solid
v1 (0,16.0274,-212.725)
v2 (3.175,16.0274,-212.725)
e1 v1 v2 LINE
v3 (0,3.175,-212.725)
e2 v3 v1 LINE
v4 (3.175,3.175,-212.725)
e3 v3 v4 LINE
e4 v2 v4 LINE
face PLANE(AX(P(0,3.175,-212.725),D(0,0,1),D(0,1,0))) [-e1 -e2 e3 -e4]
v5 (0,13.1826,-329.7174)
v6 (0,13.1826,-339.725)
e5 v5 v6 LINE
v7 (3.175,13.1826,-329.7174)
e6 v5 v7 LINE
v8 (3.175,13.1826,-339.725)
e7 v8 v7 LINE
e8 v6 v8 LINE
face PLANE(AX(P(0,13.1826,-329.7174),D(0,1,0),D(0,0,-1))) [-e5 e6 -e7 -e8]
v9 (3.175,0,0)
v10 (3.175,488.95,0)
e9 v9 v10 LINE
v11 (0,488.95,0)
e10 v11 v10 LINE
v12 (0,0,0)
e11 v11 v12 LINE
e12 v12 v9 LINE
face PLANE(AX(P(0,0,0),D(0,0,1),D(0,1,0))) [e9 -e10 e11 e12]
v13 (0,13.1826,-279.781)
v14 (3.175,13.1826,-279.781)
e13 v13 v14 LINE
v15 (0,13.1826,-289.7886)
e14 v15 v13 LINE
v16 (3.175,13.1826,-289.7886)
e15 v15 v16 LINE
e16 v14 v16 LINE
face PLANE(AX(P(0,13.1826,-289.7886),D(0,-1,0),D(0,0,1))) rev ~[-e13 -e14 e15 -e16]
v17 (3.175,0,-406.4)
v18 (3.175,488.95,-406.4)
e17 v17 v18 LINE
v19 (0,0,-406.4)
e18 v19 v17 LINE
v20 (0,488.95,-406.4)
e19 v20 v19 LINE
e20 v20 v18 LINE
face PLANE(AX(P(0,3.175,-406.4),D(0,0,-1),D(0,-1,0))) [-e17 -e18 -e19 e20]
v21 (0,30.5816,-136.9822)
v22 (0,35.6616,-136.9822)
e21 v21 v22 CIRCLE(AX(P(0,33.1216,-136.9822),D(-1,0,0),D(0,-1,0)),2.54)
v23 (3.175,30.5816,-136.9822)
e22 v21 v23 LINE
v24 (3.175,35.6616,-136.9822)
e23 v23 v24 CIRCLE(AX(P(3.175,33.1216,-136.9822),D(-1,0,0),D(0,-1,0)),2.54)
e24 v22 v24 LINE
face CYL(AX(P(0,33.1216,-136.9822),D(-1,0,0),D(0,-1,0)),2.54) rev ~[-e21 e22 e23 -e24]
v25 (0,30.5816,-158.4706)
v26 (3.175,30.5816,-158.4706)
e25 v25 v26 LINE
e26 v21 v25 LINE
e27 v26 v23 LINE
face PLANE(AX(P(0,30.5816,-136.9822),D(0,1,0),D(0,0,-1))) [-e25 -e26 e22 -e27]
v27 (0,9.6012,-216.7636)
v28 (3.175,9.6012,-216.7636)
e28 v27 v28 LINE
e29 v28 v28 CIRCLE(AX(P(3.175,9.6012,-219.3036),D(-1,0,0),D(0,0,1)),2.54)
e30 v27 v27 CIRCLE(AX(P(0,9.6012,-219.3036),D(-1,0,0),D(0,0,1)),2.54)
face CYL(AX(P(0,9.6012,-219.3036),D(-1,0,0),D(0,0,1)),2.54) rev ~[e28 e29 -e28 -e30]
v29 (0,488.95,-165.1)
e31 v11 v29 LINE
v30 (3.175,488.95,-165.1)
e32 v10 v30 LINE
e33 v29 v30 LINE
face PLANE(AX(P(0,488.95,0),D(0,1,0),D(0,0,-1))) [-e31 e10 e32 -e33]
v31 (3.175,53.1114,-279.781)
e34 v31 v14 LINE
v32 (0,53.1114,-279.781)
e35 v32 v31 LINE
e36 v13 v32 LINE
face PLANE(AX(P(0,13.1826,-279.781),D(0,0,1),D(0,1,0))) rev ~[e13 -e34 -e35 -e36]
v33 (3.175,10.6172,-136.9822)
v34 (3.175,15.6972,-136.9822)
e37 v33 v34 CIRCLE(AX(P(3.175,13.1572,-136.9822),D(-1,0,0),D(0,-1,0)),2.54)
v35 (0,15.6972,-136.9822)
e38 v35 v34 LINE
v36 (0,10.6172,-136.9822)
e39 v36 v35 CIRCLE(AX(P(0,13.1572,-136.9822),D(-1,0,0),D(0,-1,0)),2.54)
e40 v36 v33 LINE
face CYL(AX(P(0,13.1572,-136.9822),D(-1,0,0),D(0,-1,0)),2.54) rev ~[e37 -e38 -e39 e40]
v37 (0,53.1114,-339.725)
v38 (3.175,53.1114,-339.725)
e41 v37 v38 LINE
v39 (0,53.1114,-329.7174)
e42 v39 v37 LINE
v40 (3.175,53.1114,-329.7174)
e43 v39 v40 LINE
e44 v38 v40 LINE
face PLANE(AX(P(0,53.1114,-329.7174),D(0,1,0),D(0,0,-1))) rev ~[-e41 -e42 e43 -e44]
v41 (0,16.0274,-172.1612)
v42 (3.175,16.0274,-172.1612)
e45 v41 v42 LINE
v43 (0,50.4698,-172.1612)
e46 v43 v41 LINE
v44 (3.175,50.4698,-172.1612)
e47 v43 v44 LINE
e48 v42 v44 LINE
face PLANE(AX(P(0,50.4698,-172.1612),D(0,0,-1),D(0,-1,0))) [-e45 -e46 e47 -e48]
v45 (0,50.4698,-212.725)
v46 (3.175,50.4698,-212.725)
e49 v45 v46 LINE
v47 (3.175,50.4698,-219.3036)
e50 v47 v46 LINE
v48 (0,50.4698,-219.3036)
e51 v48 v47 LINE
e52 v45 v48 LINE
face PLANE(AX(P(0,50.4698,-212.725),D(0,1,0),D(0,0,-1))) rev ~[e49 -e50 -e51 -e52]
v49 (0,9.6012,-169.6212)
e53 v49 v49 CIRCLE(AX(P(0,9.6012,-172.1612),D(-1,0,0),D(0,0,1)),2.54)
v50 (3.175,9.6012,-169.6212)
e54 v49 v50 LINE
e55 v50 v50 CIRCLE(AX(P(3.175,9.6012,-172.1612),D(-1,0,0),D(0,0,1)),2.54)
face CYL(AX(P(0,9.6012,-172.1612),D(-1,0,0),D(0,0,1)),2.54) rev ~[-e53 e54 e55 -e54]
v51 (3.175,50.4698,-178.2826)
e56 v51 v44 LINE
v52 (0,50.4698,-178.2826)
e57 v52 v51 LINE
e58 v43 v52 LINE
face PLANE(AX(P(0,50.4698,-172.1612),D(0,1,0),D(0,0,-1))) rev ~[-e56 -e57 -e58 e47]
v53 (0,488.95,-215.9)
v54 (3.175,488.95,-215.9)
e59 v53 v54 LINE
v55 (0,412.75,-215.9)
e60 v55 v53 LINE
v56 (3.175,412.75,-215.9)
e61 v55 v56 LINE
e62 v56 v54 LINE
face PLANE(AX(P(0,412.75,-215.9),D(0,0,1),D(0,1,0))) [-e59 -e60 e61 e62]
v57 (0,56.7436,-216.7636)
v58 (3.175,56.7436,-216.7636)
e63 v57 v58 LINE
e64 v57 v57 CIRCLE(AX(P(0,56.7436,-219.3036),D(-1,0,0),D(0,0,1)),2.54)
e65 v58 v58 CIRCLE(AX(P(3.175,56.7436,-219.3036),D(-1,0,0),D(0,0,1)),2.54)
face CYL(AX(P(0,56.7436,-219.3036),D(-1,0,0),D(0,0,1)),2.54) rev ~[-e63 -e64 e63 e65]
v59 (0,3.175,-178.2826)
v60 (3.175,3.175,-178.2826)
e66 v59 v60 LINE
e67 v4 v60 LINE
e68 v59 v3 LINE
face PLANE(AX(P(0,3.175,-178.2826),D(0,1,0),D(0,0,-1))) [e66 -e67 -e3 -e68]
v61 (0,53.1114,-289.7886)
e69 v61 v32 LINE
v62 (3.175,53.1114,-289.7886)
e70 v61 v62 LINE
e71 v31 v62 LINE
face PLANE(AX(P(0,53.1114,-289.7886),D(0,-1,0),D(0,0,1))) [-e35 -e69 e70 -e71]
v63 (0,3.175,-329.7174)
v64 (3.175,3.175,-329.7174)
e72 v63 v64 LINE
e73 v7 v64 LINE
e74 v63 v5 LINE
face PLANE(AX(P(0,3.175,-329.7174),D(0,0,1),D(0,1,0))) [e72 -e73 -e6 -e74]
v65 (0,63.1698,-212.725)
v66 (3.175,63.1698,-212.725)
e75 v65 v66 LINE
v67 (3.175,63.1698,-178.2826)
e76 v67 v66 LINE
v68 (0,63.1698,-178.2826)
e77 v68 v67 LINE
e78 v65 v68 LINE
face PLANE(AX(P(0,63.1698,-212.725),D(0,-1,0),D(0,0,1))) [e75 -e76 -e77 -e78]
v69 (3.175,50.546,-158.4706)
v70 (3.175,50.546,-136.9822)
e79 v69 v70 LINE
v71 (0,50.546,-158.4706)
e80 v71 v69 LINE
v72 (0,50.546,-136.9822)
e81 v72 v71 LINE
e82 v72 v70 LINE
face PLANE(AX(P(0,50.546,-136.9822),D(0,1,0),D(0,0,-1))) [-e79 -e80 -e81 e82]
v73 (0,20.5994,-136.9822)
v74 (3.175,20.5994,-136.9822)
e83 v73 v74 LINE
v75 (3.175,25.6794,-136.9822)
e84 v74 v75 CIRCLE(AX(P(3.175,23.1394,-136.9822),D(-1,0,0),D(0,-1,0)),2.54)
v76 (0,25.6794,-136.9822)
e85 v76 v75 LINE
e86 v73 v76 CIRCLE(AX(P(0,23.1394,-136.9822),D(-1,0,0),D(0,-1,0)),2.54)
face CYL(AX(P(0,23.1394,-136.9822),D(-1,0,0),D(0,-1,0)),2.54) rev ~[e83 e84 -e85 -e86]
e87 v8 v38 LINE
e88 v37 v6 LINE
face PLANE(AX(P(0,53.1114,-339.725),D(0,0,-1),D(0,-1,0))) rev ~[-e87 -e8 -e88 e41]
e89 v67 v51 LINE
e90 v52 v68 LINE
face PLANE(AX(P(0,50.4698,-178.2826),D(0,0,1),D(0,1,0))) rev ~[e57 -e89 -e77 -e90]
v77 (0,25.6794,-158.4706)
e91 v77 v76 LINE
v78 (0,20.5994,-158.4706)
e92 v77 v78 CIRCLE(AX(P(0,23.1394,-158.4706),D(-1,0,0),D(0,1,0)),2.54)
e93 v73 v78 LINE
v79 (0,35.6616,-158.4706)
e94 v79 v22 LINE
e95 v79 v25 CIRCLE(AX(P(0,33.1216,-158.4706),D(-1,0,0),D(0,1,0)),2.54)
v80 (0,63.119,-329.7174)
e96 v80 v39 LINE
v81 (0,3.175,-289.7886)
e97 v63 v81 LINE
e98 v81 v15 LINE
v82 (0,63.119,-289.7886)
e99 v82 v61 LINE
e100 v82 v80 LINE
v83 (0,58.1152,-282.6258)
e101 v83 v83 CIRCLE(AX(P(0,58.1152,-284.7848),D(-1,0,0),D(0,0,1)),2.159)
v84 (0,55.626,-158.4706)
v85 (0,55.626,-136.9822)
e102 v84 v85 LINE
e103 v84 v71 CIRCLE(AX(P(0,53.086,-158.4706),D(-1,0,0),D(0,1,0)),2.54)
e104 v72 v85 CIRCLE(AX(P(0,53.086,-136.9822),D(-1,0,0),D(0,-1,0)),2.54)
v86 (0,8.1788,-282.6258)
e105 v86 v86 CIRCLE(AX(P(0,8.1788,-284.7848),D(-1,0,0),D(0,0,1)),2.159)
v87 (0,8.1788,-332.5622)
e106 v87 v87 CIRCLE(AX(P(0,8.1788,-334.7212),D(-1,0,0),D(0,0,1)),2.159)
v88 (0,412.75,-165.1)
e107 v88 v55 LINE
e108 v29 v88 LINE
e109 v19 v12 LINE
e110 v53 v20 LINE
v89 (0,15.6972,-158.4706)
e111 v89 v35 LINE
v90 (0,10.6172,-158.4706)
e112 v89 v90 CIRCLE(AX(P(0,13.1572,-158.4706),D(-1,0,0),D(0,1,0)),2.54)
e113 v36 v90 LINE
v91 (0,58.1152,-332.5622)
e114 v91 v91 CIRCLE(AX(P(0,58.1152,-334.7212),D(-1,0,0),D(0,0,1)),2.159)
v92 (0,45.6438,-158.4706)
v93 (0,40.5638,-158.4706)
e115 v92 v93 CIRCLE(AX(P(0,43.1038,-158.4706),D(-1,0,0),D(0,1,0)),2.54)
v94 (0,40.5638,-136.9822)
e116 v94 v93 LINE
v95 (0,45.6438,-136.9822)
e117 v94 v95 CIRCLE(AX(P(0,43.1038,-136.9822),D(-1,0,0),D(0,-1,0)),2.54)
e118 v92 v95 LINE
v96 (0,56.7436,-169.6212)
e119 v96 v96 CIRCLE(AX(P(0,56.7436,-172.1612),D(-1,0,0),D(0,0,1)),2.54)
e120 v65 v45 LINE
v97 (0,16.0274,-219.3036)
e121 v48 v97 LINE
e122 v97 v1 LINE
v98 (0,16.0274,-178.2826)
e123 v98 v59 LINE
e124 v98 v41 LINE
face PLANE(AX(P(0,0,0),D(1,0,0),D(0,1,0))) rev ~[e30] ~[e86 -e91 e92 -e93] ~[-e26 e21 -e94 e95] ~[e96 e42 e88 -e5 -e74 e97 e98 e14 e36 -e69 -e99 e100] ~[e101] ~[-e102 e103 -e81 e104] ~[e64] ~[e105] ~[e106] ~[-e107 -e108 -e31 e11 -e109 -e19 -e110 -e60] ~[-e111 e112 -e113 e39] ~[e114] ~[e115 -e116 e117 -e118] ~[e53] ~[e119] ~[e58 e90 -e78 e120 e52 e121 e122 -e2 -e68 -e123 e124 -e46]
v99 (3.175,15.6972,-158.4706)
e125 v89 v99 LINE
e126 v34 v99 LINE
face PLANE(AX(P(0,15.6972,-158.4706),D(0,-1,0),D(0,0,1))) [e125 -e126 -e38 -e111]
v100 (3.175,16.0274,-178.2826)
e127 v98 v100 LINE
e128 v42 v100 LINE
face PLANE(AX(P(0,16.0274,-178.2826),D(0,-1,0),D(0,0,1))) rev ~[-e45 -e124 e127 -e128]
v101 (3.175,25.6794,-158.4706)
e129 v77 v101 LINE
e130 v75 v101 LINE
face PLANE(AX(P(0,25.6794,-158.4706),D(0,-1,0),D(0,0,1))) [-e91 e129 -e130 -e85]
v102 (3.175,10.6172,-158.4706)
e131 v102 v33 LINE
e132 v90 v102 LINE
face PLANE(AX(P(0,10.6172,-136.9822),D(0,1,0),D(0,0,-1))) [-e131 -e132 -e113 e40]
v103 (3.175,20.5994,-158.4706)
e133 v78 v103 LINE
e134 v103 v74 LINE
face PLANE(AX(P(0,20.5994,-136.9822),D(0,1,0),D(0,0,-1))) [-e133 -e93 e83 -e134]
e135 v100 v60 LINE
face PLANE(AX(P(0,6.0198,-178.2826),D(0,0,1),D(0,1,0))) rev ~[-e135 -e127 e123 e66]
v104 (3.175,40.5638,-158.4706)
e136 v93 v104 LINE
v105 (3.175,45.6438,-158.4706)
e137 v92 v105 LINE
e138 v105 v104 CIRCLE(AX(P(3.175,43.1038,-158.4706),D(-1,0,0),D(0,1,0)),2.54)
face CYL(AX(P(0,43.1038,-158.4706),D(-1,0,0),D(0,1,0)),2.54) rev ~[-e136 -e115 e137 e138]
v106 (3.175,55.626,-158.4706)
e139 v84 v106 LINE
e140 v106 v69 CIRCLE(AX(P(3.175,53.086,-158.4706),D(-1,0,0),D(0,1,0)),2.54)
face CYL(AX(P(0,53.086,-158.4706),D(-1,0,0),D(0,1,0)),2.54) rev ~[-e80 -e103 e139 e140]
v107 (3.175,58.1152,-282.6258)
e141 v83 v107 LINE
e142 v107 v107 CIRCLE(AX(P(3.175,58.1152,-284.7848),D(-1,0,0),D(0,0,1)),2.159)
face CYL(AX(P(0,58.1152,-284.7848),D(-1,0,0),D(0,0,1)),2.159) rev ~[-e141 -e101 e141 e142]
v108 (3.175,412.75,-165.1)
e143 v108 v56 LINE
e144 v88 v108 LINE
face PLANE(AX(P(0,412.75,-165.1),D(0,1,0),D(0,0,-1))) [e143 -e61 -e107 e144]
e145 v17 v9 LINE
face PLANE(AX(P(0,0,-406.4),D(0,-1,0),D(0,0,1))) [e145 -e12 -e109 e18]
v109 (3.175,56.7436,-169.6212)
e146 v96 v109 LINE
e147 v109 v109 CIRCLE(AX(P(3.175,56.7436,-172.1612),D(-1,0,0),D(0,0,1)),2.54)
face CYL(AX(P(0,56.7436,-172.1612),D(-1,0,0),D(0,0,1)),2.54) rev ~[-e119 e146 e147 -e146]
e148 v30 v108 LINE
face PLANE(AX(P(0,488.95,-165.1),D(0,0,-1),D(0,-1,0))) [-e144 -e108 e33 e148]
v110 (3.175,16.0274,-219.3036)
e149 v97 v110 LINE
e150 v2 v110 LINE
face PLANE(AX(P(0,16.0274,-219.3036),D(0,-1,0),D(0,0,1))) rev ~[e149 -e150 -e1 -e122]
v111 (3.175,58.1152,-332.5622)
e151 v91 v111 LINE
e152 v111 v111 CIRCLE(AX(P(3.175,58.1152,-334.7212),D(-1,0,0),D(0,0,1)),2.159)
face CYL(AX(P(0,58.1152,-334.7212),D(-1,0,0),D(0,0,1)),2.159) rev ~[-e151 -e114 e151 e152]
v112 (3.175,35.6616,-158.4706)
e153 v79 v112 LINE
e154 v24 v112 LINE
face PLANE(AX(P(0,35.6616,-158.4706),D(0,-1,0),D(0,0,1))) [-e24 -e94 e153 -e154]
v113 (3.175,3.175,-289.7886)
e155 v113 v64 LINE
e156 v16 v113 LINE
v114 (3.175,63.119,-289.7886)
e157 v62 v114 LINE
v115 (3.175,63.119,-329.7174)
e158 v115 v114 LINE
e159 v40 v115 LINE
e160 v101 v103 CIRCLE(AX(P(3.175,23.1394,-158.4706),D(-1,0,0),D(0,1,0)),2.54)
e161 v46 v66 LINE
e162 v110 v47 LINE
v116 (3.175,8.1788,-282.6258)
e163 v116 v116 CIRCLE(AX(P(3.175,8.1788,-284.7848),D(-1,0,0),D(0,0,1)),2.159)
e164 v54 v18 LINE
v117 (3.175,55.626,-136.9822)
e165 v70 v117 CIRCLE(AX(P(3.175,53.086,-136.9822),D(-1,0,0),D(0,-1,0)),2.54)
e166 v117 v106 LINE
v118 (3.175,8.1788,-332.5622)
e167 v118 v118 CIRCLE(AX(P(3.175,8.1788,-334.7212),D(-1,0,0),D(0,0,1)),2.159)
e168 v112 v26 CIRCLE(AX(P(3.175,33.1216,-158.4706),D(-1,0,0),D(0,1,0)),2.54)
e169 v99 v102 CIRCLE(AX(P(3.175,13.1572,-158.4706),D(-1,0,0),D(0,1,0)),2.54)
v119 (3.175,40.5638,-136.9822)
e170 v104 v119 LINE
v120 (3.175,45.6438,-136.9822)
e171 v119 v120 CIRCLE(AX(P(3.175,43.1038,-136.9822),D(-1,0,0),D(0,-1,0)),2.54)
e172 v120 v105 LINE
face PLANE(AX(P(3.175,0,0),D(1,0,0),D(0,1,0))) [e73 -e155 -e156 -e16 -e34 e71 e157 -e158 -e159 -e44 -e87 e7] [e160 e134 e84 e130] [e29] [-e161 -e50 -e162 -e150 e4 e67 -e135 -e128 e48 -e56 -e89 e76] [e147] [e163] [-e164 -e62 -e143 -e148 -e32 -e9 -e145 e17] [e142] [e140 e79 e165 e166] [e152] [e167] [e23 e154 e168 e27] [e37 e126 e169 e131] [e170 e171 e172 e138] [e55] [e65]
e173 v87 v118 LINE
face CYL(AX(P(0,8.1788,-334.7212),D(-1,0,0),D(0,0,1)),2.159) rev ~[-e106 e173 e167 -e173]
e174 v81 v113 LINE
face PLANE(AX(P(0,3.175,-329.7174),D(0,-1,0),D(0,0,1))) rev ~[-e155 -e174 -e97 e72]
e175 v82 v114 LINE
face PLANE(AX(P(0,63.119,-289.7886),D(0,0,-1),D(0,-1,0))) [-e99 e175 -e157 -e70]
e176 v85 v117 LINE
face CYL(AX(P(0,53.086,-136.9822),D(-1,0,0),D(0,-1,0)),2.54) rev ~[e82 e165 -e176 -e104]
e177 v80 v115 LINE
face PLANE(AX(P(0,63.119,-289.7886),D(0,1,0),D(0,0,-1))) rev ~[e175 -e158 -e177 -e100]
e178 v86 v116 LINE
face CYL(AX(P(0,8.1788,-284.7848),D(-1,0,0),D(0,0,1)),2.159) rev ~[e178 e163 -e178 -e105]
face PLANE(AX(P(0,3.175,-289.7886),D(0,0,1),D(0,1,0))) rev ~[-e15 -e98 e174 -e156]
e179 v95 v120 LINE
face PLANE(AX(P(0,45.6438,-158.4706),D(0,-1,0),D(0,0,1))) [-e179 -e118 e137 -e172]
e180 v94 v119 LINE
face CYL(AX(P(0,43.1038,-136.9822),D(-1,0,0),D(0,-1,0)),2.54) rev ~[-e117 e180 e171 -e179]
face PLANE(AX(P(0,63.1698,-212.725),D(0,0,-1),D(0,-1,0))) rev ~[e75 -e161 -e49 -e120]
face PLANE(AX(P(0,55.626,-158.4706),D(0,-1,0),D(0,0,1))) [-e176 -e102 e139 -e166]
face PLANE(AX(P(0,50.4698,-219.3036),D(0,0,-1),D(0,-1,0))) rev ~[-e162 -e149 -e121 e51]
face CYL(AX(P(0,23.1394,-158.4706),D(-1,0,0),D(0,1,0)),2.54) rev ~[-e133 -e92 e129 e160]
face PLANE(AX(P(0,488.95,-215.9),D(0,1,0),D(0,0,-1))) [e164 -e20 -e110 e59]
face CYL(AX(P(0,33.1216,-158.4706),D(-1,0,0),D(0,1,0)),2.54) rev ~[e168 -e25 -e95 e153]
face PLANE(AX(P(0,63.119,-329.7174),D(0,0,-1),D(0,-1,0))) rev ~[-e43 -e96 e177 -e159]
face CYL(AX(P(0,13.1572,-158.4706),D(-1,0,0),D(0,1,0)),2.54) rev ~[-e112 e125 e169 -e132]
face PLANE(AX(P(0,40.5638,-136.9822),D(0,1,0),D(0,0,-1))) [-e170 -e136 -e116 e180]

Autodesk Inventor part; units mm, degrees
ref_plane "YZ Plane" through (0, 0, 0) normal (1, 0, 0) x (0, 1, 0)
ref_plane "XZ Plane" through (0, 0, 0) normal (0, 1, 0) x (-1, 0, 0)
ref_plane "XY Plane" through (0, 0, 0) normal (0, 0, 1) x (1, 0, 0)
sketch "Sketch1" plane through (0, 0, 0) normal (1, 0, 0) x (0, 1, 0)
  line L0 (0, 0) -> (488.95, 0)
  line L1 (488.95, -406.4) -> (0, -406.4)
  line L2 (0, -406.4) -> (0, 0)
  line L3 (488.95, 0) -> (488.95, -165.1)
  line L4 (488.95, -165.1) -> (412.75, -165.1)
  line L5 (412.75, -165.1) -> (412.75, -215.9)
  line L6 (412.75, -215.9) -> (488.95, -215.9)
  line L7 (488.95, 0) -> (488.95, -165.1)
  line L8 (488.95, -215.9) -> (488.95, -406.4)
  line L9 (346.075, 3.175) -> (342.9, 3.175)
  line L10 (342.9, 3.175) -> (346.075, 3.175)
  line L11 (358.775, 3.175) -> (361.95, 3.175)
  line L12 (374.65, 3.175) -> (377.825, 3.175)
  line L13 (390.525, 3.175) -> (393.7, 3.175)
  line L14 (98.425, -406.4) -> (3.175, -406.4)
  line L15 (457.2, 0) -> (0, 0)
  line L16 (3.175, 0) -> (98.425, 0)
  line L17 (0, -406.4) -> (3.175, -406.4)
  dimension "d9" = 3.175
extrude "Extrusion1" add sketch "Sketch1" along normal blind 3.175
sketch "Sketch2" plane through (0, 0, 0) normal (-1, 0, 0) x (0, 0, 1)
  line L0 (-406.4, 0) -> (-406.4, 488.95) projected
  line L1 (0, 0) -> (-406.4, 0) projected
  line L2 (0, 488.95) -> (0, 0) projected
  line L3 (-165.1, 488.95) -> (0, 488.95) projected
  line L4 (-165.1, 412.75) -> (-165.1, 488.95) projected
  line L5 (-215.9, 412.75) -> (-165.1, 412.75) projected
  line L6 (-215.9, 488.95) -> (-215.9, 412.75) projected
  line L7 (-406.4, 488.95) -> (-215.9, 488.95) projected
  line L8 (-339.725, 53.1114) -> (-339.725, 13.1826)
  line L9 (-279.781, 13.1826) -> (-279.781, 53.1114)
  line L10 (-289.7886, 63.119) -> (-329.7174, 63.119)
  circle A0 centre (-334.7212, 58.1152) radius 2.159
  circle A1 centre (-284.7848, 58.1152) radius 2.159
  circle A2 centre (-334.7212, 8.1788) radius 2.159
  circle A3 centre (-284.7848, 8.1788) radius 2.159
  line L11 (-329.7174, 63.119) -> (-329.7174, 53.1114)
  line L12 (-329.7174, 53.1114) -> (-339.725, 53.1114)
  line L13 (-289.7886, 63.119) -> (-289.7886, 53.1114)
  line L14 (-289.7886, 53.1114) -> (-279.781, 53.1114)
  line L15 (-329.7174, 3.175) -> (-329.7174, 13.1826)
  line L16 (-329.7174, 13.1826) -> (-339.725, 13.1826)
  line L17 (-289.7886, 3.175) -> (-289.7886, 13.1826)
  line L18 (-289.7886, 13.1826) -> (-279.781, 13.1826)
  line L19 (-212.725, 63.1698) -> (-178.2826, 63.1698)
  circle A4 centre (-219.3036, 56.7436) radius 2.54
  circle A5 centre (-219.3036, 9.6012) radius 2.54
  circle A6 centre (-172.1612, 56.7436) radius 2.54
  circle A7 centre (-172.1612, 9.6012) radius 2.54
  line L20 (-136.9822, 10.6172) -> (-158.4706, 10.6172)
  line L21 (-158.4706, 15.6972) -> (-136.9822, 15.6972)
  arc A8 (-136.9822, 10.6172) -> (-136.9822, 15.6972) centre (-136.9822, 13.1572) ccw
  arc A9 (-158.4706, 15.6972) -> (-158.4706, 10.6172) centre (-158.4706, 13.1572) ccw
  line L22 (-136.9822, 20.5994) -> (-158.4706, 20.5994)
  line L23 (-158.4706, 25.6794) -> (-136.9822, 25.6794)
  arc A10 (-136.9822, 20.5994) -> (-136.9822, 25.6794) centre (-136.9822, 23.1394) ccw
  arc A11 (-158.4706, 25.6794) -> (-158.4706, 20.5994) centre (-158.4706, 23.1394) ccw
  line L24 (-136.9822, 30.5816) -> (-158.4706, 30.5816)
  line L25 (-158.4706, 35.6616) -> (-136.9822, 35.6616)
  arc A12 (-136.9822, 30.5816) -> (-136.9822, 35.6616) centre (-136.9822, 33.1216) ccw
  arc A13 (-158.4706, 35.6616) -> (-158.4706, 30.5816) centre (-158.4706, 33.1216) ccw
  line L26 (-136.9822, 40.5638) -> (-158.4706, 40.5638)
  line L27 (-158.4706, 45.6438) -> (-136.9822, 45.6438)
  arc A14 (-136.9822, 40.5638) -> (-136.9822, 45.6438) centre (-136.9822, 43.1038) ccw
  arc A15 (-158.4706, 45.6438) -> (-158.4706, 40.5638) centre (-158.4706, 43.1038) ccw
  line L28 (-136.9822, 50.546) -> (-158.4706, 50.546)
  line L29 (-158.4706, 55.626) -> (-136.9822, 55.626)
  arc A16 (-136.9822, 50.546) -> (-136.9822, 55.626) centre (-136.9822, 53.086) ccw
  arc A17 (-158.4706, 55.626) -> (-158.4706, 50.546) centre (-158.4706, 53.086) ccw
  line L30 (-212.725, 63.1698) -> (-212.725, 50.4698)
  line L31 (-212.725, 50.4698) -> (-219.3036, 50.4698)
  line L32 (-172.1612, 50.4698) -> (-178.2826, 50.4698)
  line L33 (-178.2826, 50.4698) -> (-178.2826, 63.1698)
  line L34 (-178.2826, 3.3274) -> (-178.2826, 16.0274)
  line L35 (-178.2826, 16.0274) -> (-172.1612, 16.0274)
  line L36 (-219.3036, 16.0274) -> (-212.725, 16.0274)
  line L37 (-212.725, 16.0274) -> (-212.725, 3.3274)
  line L38 (-219.3036, 50.4698) -> (-219.3036, 16.0274)
  line L39 (-172.1612, 50.4698) -> (-172.1612, 16.0274)
  line L40 (-403.225, 3.175) -> (-339.725, 3.175)
  line L41 (-329.7174, 3.175) -> (-289.7886, 3.175)
  line L42 (53.975, 3.175) -> (-403.225, 3.175)
  line L43 (-178.2826, 6.0198) -> (-178.2826, 0)
  line L44 (-178.2826, 0) -> (-212.725, 0)
  line L45 (-212.725, 0) -> (-212.725, 6.0198)
  line L46 (-406.4, 0) -> (-406.4, 488.95) projected
  line L47 (-406.4, 0) -> (-406.4, 3.175)
  line L48 (-406.4, 0) -> (-403.225, 0)
  line L49 (-403.225, 0) -> (-403.225, 3.175)
  line L50 (-403.225, 3.175) -> (-406.4, 3.175)
  line L51 (-406.4, 3.175) -> (-406.4, 0)
  point P0 (-332.8924, 0)
  point P1 (-292.9636, 0)
  point P2 (-212.725, 0)
  point P3 (-178.2826, 0)
  point P4 (-212.725, 3.175)
  point P5 (-178.2826, 3.175)
  dimension "d12" = 3.175
  dimension "d15" = 3.175
  dimension "d16" = 3.175
extrude "Extrusion3" cut sketch "Sketch2" against normal blind 25.4 contours L45 L37 L36 L38 L31 L30 L19 L33 L32 L39 L35 L34 L43 L42 | L15 L16 L8 L12 L11 L10 L13 L14 L9 L18 L17 L41 | A0 | A1 | A2 | A3 | A4 | A5 | A6 | A7 | L20 A9 L21 A8 | L22 A11 L23 A10 | L24 A13 L25 A12 | L26 A15 L27 A14 | L28 A17 L29 A16
properties part number "220310 Left Side"
